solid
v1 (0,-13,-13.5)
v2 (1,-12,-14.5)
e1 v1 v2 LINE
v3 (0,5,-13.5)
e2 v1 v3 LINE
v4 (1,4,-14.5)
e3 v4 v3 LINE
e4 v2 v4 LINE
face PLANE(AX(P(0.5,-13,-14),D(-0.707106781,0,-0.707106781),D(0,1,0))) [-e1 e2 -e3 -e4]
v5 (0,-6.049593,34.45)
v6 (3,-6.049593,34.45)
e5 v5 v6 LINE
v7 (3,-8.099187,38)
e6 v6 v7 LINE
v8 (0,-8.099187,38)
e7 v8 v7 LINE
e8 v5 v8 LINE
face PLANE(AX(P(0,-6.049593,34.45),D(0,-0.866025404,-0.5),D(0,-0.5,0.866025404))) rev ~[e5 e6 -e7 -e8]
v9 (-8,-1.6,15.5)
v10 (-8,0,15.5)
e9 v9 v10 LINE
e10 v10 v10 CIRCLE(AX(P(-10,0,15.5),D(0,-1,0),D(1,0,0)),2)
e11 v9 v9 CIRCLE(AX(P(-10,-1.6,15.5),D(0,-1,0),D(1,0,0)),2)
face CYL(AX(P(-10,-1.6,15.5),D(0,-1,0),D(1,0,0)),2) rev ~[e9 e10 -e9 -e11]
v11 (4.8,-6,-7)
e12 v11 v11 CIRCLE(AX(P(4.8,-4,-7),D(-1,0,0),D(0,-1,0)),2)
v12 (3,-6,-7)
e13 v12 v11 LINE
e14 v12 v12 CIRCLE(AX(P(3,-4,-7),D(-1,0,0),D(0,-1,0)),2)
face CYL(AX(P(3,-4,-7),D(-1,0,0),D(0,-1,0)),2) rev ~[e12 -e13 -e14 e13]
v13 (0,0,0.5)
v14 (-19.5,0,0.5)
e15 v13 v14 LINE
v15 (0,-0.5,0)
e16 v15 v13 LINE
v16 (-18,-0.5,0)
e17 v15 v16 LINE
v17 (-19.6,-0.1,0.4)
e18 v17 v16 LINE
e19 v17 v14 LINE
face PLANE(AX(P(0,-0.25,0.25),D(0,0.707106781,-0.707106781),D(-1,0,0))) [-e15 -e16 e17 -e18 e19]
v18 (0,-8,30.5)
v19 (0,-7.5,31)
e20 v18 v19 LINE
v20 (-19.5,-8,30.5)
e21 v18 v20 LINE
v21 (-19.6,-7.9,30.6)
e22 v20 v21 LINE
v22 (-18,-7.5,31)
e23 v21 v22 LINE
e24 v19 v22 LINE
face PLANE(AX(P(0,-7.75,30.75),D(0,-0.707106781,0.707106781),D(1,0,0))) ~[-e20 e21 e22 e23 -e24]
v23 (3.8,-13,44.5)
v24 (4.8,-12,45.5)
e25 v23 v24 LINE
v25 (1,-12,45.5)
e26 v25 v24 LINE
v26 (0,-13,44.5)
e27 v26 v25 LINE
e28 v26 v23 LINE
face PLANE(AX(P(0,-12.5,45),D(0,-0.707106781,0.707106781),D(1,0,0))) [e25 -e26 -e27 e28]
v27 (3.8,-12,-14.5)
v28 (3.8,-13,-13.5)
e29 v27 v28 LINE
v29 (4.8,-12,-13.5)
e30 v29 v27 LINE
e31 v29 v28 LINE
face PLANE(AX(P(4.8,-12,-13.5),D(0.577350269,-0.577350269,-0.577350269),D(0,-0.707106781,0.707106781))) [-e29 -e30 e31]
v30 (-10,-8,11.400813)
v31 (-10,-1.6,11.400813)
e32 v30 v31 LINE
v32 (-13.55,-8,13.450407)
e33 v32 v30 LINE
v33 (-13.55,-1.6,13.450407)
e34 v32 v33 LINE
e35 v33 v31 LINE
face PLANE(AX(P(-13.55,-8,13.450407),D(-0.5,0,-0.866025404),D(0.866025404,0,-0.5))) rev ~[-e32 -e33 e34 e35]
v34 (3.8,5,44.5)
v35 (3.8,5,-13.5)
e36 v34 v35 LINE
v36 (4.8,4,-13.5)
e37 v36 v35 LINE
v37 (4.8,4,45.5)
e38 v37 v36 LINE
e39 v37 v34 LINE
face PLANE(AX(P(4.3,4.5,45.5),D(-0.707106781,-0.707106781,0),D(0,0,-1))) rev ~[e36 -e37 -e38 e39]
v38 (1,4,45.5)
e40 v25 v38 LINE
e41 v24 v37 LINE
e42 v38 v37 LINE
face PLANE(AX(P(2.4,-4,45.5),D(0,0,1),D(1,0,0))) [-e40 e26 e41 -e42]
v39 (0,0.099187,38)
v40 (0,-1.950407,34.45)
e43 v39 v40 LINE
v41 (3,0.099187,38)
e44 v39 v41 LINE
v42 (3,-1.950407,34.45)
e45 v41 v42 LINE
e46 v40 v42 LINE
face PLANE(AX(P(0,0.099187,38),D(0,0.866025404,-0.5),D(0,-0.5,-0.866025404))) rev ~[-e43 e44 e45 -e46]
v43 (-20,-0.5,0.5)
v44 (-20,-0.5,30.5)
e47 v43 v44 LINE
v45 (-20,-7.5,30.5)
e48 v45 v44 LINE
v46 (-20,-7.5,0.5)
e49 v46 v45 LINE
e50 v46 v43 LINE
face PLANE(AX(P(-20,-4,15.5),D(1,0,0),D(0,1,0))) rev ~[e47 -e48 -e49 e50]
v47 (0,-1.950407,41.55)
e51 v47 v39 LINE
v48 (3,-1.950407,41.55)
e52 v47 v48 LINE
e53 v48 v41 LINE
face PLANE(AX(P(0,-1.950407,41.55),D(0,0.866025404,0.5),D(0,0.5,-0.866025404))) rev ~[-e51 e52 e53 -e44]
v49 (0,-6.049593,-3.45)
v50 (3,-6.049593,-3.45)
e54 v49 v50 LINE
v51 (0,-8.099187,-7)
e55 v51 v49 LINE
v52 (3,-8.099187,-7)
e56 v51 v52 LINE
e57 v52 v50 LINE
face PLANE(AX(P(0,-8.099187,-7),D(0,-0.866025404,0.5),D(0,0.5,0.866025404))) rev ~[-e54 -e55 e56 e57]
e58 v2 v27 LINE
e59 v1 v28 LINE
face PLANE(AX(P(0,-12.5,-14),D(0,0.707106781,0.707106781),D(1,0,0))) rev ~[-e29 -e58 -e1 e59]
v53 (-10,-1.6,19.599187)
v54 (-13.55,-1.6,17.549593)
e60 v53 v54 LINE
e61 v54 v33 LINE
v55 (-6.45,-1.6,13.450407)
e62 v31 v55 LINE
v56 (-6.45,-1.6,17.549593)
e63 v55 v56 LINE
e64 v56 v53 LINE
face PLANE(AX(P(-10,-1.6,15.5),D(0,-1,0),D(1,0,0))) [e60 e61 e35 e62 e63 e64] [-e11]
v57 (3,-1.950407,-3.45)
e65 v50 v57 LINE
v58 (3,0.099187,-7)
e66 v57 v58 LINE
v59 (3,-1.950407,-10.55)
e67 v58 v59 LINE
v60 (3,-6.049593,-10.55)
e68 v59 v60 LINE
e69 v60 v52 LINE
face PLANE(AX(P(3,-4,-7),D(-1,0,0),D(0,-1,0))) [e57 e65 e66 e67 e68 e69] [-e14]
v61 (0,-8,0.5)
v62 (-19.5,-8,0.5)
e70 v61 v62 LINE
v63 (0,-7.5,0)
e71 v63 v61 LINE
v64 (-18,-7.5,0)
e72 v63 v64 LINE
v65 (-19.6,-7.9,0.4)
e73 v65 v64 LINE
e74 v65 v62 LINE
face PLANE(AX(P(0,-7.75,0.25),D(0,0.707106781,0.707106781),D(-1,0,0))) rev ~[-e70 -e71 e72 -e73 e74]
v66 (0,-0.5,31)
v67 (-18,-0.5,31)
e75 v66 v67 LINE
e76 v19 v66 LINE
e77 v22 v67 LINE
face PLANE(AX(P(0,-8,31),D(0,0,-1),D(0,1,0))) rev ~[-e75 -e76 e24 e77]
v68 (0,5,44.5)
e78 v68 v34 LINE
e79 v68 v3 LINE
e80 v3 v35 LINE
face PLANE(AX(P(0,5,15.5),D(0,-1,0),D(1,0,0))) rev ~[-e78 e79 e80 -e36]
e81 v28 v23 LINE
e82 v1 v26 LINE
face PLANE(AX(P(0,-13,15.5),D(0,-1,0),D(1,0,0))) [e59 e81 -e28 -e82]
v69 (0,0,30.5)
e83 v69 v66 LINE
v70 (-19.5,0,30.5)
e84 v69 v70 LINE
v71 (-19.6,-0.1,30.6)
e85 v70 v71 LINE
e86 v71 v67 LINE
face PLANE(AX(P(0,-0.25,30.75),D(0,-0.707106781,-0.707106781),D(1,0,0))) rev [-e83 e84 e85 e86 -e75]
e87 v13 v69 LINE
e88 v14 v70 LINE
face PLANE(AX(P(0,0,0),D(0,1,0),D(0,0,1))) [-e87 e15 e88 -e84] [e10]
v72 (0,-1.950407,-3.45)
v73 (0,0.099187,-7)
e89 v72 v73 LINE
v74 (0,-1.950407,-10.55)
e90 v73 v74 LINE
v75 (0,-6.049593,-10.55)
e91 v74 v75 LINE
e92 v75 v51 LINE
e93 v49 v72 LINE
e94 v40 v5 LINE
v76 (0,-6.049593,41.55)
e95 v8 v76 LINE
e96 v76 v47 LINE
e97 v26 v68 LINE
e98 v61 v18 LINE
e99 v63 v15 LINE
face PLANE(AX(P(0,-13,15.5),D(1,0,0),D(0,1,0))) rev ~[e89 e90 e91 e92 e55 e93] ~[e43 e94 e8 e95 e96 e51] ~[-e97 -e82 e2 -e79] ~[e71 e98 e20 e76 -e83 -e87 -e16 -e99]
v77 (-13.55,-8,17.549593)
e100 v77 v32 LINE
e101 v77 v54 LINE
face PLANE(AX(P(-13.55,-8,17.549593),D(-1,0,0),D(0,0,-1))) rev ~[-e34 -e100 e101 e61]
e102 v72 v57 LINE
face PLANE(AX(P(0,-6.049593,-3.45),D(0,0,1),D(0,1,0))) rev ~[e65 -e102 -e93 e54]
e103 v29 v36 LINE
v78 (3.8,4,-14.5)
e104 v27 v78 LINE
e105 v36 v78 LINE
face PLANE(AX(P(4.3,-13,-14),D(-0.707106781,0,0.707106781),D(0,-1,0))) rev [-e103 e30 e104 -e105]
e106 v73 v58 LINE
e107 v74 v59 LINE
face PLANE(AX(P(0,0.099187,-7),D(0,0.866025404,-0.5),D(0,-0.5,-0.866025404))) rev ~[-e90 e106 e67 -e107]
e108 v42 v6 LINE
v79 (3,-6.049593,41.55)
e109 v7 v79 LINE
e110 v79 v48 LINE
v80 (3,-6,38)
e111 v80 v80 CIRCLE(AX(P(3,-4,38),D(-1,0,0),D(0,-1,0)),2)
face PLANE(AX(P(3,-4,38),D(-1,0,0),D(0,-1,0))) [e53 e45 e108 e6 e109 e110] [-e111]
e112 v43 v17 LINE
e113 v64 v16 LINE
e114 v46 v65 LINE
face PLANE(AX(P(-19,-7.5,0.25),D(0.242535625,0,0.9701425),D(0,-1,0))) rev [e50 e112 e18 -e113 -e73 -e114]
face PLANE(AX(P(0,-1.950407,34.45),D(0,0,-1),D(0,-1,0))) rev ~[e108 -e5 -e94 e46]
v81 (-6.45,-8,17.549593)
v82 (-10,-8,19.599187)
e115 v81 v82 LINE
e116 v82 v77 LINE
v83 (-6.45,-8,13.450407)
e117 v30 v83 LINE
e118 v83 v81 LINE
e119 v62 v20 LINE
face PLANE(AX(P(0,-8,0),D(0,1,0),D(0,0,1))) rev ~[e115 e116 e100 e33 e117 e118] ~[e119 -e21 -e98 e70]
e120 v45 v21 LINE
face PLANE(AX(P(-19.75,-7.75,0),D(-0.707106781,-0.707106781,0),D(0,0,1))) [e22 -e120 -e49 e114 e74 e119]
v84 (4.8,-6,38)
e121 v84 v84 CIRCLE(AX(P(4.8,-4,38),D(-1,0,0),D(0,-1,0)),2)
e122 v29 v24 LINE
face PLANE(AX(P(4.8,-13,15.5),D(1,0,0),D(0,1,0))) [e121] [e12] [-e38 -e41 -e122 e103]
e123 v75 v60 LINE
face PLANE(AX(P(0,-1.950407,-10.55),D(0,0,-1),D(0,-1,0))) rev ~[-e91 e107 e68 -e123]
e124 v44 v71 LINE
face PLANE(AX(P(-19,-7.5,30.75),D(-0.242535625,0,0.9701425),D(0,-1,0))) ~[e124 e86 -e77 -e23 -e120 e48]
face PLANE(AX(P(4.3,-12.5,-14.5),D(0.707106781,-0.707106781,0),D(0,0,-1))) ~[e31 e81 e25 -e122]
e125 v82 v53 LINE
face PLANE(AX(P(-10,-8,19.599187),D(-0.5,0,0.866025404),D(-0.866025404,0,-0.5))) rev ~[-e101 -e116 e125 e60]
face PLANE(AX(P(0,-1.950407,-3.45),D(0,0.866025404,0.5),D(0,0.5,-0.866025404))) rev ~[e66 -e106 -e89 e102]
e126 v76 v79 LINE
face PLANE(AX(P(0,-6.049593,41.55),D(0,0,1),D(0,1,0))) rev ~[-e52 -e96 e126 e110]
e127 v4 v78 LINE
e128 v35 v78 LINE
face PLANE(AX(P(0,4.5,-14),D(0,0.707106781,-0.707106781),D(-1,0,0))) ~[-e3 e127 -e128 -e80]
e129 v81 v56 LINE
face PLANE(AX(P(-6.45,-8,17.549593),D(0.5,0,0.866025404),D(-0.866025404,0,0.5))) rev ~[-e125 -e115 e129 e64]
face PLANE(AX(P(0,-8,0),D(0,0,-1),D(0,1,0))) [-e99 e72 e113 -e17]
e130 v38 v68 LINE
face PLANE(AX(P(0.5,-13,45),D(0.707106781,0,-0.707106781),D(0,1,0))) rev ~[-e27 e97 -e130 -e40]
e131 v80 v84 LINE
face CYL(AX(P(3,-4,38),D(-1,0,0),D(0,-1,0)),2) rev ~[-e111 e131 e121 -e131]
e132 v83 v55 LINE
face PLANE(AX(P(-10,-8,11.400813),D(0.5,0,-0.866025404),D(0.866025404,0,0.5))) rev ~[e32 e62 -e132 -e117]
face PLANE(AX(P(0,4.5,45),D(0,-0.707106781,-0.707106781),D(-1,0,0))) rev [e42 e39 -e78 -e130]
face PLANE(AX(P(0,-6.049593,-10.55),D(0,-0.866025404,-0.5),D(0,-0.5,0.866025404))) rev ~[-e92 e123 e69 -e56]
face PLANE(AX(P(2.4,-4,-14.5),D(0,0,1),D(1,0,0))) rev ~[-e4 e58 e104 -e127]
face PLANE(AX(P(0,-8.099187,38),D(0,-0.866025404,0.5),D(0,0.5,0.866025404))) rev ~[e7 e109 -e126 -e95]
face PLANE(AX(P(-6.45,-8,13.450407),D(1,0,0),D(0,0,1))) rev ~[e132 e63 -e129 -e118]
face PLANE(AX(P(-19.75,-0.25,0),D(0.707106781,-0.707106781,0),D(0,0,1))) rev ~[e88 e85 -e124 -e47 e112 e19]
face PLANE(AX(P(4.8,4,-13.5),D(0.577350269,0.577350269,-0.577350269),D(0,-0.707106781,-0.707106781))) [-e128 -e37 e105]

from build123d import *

# Parameters (mm, degrees)
F0_W      = 8
F0_H      = 31
F1_DEPTH  = 20
F3_DEPTH  = 6.4
F4_R      = 2
F5_DEPTH  = 1.601
F9_W      = 4.8
F9_H      = 18
F10_DEPTH = 30
F12_DEPTH = 3
F13_R     = 2
F14_DEPTH = 1.801
F15_SIZE  = 0.5
F16_SIZE2 = 2
F16_SIZE  = 0.5
F17_SIZE  = 1


with BuildPart() as f1:
    # F0 (on Right) → F1 (new body)
    with BuildSketch(Plane.YZ):
        with Locations((-4, 15.5)):
            Rectangle(F0_W, F0_H)
    extrude(amount=-F1_DEPTH)

    # F2 (on face) → F3 (cut)
    with BuildSketch(Plane.XZ.offset(8)):
        Polygon((-6.45, 13.4504065444), (-6.45, 17.5495934556), (-10, 19.5991869112), (-13.55, 17.5495934556), (-13.55, 13.4504065444), (-10, 11.4008130888), align=None)
    extrude(amount=-F3_DEPTH, mode=Mode.SUBTRACT)

    # F4 (on face) → F5 (cut, through all)
    with BuildSketch(Plane.XZ.offset(1.6)):
        with Locations((-10, 15.5)):
            Circle(F4_R)
    extrude(amount=-F5_DEPTH, mode=Mode.SUBTRACT)

    # F9 (on 3pt) → F10 (join, symmetric)
    with BuildSketch(Plane.XY.offset(15.5)):
        with Locations((2.4, -4)):
            Rectangle(F9_W, F9_H)
    extrude(amount=F10_DEPTH, both=True)

    # F11 (on face) → F12 (cut)
    with BuildSketch(Plane(origin=(0, 0, 0), x_dir=(0, -1, 0), z_dir=(-1, 0, 0))):
        Polygon((6.0495934556, 41.55), (1.9504065444, 41.55), (-0.0991869112, 38), (1.9504065444, 34.45), (6.0495934556, 34.45), (8.0991869112, 38), align=None)
        Polygon((6.0495934556, -3.45), (1.9504065444, -3.45), (-0.0991869112, -7), (1.9504065444, -10.55), (6.0495934556, -10.55), (8.0991869112, -7), align=None)
    extrude(amount=-F12_DEPTH, mode=Mode.SUBTRACT)

    # F13 (on face) → F14 (cut, through all)
    with BuildSketch(Plane(origin=(3, 0, 0), x_dir=(0, -1, 0), z_dir=(-1, 0, 0))):
        with Locations((4, 38)):
            Circle(F13_R)
        with Locations((4, -7)):
            Circle(F13_R)
    extrude(amount=-F14_DEPTH, mode=Mode.SUBTRACT)

    # F15
    f15_edges = [f1.edges().sort_by_distance(p)[0] for p in [
        (-10, -8, 31),
        (-10, 0, 31),
        (-10, 0, 0),
        (-10, -8, 0),
        (-20, -8, 15.5),
        (-20, 0, 15.5),
    ]]
    chamfer(f15_edges, length=F15_SIZE)

    # F16
    f16_edges = [f1.edges().sort_by_distance(p)[0] for p in [
        (-20, -4, 31),
        (-20, -4, 0),
    ]]
    f16_side = f1.faces().sort_by_distance((-20, -4, 15.5))[0]
    chamfer(f16_edges, length=F16_SIZE, length2=F16_SIZE2, reference=f16_side)

    # F17
    f17_edges = [f1.edges().sort_by_distance(p)[0] for p in [
        (2.4, -13, 45.5),
        (2.4, 5, 45.5),
        (2.4, -13, -14.5),
        (2.4, 5, -14.5),
        (4.8, 5, 15.5),
        (4.8, -4, -14.5),
        (4.8, -13, 15.5),
        (0, -4, 45.5),
        (0, -4, -14.5),
    ]]
    chamfer(f17_edges, length=F17_SIZE)


solid = f1.part
